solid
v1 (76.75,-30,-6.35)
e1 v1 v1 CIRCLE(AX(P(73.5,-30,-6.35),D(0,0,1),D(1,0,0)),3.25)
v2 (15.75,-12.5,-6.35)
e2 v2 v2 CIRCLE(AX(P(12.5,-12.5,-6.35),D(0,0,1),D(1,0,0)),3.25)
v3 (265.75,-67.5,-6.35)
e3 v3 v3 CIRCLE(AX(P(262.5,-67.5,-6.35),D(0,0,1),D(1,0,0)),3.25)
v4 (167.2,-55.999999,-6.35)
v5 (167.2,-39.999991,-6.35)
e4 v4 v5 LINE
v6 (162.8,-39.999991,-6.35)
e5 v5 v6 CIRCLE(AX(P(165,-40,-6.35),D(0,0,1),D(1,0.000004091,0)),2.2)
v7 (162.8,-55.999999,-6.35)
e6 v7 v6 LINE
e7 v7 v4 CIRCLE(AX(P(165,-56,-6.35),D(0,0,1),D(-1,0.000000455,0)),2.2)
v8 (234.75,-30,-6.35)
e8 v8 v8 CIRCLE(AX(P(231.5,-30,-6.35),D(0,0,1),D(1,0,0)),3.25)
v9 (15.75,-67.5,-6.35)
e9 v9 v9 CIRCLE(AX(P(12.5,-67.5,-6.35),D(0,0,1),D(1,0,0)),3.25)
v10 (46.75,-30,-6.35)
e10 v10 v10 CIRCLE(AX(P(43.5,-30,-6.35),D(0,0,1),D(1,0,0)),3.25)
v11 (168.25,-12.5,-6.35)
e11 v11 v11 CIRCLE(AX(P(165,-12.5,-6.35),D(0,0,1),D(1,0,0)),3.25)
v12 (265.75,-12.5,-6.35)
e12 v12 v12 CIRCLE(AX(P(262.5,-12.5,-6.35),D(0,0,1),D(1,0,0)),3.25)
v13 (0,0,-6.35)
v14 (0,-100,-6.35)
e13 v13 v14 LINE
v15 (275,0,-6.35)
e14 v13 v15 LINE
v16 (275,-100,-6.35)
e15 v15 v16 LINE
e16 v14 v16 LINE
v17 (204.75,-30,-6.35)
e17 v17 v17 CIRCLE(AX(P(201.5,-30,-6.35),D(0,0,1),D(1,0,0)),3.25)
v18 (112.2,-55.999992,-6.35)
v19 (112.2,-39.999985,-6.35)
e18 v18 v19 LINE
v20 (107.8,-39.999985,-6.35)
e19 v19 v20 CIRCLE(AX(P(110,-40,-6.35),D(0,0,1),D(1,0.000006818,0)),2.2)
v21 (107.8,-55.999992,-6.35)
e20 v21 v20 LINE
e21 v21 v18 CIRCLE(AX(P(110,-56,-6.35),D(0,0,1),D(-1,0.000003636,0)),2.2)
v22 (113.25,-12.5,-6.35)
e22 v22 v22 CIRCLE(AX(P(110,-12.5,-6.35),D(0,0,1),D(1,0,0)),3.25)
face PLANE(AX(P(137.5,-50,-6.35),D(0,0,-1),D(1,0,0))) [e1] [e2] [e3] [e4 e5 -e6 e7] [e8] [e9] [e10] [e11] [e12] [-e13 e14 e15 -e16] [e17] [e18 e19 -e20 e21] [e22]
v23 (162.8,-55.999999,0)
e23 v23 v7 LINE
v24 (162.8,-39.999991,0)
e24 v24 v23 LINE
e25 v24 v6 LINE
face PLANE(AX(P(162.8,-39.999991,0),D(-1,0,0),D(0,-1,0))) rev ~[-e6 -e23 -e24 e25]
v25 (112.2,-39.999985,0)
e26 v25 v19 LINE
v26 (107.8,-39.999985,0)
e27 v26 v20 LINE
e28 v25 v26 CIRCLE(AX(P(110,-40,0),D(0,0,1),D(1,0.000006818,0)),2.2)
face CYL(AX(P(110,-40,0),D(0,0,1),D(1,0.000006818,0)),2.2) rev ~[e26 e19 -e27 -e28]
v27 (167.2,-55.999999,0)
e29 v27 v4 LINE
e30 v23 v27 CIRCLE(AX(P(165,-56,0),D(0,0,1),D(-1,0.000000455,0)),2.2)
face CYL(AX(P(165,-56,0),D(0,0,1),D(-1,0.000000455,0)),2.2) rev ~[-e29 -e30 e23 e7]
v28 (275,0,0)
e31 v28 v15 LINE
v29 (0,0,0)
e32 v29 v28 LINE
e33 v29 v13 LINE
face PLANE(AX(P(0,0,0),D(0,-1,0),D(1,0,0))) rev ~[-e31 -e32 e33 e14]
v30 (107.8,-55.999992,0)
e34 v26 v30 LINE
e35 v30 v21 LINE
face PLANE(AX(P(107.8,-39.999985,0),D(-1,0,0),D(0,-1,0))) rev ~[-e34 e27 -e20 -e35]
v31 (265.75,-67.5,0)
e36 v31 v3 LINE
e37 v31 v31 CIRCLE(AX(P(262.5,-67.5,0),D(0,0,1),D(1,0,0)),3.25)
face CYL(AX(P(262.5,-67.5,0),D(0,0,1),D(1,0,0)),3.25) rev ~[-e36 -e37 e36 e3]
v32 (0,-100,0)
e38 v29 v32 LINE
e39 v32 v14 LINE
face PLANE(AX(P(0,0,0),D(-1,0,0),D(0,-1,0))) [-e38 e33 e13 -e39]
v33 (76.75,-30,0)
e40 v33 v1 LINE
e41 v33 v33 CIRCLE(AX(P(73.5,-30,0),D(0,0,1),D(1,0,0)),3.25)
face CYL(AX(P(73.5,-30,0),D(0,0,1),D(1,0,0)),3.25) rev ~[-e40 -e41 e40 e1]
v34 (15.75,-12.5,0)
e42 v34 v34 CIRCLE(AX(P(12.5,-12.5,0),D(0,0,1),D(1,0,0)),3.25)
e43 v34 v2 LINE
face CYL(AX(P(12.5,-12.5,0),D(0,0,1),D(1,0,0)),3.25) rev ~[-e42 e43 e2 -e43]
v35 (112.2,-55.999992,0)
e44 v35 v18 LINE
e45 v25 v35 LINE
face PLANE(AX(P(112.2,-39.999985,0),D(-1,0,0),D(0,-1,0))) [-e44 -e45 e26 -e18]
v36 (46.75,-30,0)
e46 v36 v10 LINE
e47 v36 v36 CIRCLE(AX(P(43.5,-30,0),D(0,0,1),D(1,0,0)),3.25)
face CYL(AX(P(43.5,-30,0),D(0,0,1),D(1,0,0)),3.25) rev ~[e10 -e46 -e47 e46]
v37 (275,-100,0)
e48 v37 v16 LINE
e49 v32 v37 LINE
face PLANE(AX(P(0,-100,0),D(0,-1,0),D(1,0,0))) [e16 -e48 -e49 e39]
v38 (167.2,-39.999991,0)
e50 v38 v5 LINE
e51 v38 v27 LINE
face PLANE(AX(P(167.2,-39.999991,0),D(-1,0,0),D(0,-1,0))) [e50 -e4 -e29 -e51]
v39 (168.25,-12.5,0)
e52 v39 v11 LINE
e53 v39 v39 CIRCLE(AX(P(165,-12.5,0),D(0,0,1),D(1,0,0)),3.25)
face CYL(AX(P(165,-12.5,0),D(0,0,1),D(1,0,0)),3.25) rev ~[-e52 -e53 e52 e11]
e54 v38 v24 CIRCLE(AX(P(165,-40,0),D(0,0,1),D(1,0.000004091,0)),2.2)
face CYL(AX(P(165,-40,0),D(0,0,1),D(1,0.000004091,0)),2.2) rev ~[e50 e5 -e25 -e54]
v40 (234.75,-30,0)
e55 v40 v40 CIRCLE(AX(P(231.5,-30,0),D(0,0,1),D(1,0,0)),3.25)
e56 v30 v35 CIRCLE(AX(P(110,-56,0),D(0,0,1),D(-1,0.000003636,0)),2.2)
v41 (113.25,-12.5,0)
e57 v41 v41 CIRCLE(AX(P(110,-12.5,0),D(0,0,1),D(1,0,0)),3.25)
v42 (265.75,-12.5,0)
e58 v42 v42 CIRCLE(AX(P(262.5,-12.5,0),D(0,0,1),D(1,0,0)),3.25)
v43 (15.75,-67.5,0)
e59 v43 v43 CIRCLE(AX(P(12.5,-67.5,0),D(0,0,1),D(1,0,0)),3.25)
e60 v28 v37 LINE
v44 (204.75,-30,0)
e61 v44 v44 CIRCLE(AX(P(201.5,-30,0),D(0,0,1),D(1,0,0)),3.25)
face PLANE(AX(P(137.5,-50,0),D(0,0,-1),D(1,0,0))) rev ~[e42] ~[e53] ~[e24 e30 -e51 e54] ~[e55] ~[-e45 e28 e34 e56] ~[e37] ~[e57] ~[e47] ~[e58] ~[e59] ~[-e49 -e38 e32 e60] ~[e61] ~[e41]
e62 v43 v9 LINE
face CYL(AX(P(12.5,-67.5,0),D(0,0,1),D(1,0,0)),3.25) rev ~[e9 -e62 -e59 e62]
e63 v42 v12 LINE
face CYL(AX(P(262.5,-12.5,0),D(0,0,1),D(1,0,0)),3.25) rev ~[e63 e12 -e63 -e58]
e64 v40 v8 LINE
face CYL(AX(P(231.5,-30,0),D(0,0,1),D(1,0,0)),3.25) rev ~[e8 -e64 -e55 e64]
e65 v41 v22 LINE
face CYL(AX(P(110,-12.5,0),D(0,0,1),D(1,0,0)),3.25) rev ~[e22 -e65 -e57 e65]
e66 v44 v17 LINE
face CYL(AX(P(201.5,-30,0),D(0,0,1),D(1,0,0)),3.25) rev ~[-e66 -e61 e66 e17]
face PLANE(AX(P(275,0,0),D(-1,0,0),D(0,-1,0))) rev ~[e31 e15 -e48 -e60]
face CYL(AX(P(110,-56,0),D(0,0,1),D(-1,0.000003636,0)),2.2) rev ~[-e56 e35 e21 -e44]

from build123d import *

# Parameters (mm, degrees)
SKETCH003_W     = 275
SKETCH003_H     = 100
PAD_DEPTH       = 6.35
SKETCH_R        = 3.25
POCKET_DEPTH    = 6.351
SKETCH004_R     = 3.25
POCKET001_DEPTH = 6.351
POCKET002_DEPTH = 6.351
SKETCH007_R     = 3.25
POCKET003_DEPTH = 6.351


with BuildPart() as part:
    # Sketch003 → Pad (new body)
    with BuildSketch(Plane(origin=(0, 0, 0), x_dir=(1, 0, 0), z_dir=(0, 0, -1))):
        with Locations((137.5, 50)):
            Rectangle(SKETCH003_W, SKETCH003_H)
    extrude(amount=PAD_DEPTH)

    # Sketch → Pocket (cut, through all)
    with BuildSketch(Plane.XY):
        with Locations((110, -12.5)):
            Circle(SKETCH_R)
        with Locations((165, -12.5)):
            Circle(SKETCH_R)
    extrude(amount=-POCKET_DEPTH, mode=Mode.SUBTRACT)

    # Sketch004 → Pocket001 (cut, through all)
    with BuildSketch(Plane.XY):
        with Locations((12.5, -12.5)):
            Circle(SKETCH004_R)
        with Locations((12.5, -67.5)):
            Circle(SKETCH004_R)
        with Locations((262.5, -12.5)):
            Circle(SKETCH004_R)
        with Locations((262.5, -67.5)):
            Circle(SKETCH004_R)
    extrude(amount=-POCKET001_DEPTH, mode=Mode.SUBTRACT)

    # Sketch005 → Pocket002 (cut, through all)
    with BuildSketch(Plane.XY):
        with BuildLine():
            ThreePointArc((112.2, -39.999985), (110, -37.8), (107.8, -39.999985))
            Line((107.8, -39.999985), (107.8, -55.999992))
            ThreePointArc((107.8, -55.999992), (110, -58.2), (112.2, -55.999992))
            Line((112.2, -39.999985), (112.2, -55.999992))
        make_face()
        with BuildLine():
            ThreePointArc((167.2, -39.999991), (165, -37.8), (162.8, -39.999991))
            Line((162.8, -39.999991), (162.8, -55.999999))
            ThreePointArc((162.8, -55.999999), (165, -58.2), (167.2, -55.999999))
            Line((167.2, -39.999991), (167.2, -55.999999))
        make_face()
    extrude(amount=-POCKET002_DEPTH, mode=Mode.SUBTRACT)

    # Sketch007 → Pocket003 (cut, through all)
    with BuildSketch(Plane.XY):
        with Locations((43.5, -30)):
            Circle(SKETCH007_R)
        with Locations((73.5, -30)):
            Circle(SKETCH007_R)
        with Locations((201.5, -30)):
            Circle(SKETCH007_R)
        with Locations((231.5, -30)):
            Circle(SKETCH007_R)
    extrude(amount=-POCKET003_DEPTH, mode=Mode.SUBTRACT)


solid = part.part
